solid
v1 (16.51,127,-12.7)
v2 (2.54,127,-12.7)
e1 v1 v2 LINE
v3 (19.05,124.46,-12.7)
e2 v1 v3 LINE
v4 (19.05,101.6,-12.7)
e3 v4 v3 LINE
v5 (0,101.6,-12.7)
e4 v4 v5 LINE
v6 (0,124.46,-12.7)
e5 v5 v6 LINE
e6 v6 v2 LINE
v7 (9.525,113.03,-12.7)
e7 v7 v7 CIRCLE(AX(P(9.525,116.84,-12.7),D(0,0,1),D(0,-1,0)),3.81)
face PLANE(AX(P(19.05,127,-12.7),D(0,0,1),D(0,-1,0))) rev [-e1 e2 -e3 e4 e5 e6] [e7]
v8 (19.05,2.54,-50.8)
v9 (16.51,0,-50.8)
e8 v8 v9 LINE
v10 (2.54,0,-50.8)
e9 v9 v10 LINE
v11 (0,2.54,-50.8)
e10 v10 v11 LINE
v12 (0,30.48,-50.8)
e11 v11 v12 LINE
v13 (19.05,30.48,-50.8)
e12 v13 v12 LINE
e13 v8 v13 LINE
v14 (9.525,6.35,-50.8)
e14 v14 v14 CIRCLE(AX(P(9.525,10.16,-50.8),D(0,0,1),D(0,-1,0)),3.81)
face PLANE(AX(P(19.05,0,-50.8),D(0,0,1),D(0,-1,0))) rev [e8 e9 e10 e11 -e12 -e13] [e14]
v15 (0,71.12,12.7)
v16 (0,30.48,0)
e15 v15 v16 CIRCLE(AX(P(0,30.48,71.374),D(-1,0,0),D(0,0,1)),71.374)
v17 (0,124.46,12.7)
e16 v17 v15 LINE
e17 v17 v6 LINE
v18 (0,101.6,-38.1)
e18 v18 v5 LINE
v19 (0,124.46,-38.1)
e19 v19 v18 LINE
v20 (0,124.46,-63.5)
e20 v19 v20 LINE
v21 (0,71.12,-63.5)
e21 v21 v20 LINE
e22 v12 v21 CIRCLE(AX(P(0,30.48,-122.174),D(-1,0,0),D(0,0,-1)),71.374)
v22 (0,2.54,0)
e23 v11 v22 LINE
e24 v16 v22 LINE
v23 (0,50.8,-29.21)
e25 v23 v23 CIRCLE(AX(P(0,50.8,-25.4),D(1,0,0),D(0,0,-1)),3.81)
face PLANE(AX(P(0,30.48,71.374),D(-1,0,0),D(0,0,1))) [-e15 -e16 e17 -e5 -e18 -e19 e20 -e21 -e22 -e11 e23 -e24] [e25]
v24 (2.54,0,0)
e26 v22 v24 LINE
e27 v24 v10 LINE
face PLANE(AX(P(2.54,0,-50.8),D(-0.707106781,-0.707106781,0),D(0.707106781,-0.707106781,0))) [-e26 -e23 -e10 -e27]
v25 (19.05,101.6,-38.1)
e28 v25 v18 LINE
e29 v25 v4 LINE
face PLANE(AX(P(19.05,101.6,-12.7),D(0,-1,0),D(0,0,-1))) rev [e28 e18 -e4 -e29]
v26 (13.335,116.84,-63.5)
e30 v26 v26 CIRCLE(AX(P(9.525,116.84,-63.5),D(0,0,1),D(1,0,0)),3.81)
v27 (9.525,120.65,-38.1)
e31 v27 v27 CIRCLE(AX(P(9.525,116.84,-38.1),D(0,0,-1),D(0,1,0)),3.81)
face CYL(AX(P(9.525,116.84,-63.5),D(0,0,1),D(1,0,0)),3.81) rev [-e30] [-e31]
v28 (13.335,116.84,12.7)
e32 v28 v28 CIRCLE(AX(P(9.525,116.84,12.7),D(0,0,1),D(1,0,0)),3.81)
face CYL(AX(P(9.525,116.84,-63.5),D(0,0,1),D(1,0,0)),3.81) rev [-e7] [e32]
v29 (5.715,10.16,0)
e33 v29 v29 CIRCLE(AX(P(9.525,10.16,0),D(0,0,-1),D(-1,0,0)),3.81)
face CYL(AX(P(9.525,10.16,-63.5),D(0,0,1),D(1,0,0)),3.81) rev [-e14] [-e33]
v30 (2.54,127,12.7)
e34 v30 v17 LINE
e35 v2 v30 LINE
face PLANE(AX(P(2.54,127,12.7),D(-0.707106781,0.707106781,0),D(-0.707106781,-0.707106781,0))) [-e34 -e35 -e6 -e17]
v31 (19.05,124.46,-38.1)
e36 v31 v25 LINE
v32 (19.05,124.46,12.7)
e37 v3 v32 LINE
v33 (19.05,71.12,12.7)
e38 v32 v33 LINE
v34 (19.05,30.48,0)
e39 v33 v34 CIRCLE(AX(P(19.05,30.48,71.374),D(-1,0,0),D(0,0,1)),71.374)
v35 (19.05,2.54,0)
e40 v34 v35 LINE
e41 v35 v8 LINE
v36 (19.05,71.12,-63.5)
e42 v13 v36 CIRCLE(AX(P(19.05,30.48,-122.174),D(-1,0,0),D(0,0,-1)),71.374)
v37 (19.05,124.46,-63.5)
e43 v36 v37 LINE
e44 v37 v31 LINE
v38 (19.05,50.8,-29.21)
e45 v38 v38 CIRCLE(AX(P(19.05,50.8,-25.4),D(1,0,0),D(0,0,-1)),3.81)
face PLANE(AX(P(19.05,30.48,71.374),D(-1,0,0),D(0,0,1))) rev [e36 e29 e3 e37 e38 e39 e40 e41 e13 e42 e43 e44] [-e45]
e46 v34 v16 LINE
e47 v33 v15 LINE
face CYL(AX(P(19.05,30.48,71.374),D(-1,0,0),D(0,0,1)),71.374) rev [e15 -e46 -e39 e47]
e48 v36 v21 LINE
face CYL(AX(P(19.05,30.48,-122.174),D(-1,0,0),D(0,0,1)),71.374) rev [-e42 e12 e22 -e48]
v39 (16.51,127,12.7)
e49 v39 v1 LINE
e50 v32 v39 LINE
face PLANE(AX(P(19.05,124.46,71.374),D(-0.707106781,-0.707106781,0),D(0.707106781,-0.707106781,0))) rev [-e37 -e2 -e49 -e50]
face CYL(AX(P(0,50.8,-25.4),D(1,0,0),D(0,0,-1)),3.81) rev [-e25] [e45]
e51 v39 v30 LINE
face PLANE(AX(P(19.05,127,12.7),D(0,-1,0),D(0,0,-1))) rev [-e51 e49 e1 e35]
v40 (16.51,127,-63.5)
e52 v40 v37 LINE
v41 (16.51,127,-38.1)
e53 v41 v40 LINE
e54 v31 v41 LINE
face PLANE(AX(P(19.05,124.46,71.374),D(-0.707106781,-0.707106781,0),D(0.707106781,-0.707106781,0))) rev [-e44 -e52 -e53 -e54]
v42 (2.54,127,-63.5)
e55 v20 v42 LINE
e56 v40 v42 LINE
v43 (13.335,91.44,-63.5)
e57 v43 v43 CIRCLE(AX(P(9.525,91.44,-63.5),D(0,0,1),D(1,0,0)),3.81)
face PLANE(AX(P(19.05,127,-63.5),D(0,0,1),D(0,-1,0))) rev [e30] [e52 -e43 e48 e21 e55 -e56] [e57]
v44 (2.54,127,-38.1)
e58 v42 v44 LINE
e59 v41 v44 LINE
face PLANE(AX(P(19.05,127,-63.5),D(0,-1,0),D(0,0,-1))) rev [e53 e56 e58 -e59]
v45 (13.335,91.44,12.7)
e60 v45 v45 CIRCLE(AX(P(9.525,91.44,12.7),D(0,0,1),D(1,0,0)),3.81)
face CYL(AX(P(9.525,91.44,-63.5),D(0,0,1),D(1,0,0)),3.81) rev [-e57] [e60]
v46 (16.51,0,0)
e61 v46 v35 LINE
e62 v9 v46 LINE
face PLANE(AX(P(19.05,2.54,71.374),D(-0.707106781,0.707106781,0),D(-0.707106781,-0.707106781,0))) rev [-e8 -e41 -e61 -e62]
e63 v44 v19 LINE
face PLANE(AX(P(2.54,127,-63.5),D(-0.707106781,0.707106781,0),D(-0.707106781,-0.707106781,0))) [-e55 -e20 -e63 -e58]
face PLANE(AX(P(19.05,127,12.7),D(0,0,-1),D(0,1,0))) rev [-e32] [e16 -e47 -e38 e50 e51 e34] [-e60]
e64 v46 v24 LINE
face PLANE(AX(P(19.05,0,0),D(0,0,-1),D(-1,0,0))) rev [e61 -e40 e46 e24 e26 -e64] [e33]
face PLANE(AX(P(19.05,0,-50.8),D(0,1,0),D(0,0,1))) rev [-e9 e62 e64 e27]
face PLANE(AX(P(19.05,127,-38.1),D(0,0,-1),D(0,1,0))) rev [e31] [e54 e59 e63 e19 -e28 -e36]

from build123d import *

# Parameters (mm, degrees)
BOSS_EXTRUDE1_DEPTH = 19.05
SKETCH2_R           = 3.81
CUT_EXTRUDE1_DEPTH  = 77.2
SKETCH3_R           = 3.81
CUT_EXTRUDE2_DEPTH  = 20.05
CHAMFER1_SIZE       = 2.54


with BuildPart() as part:
    # Sketch1 → Boss-Extrude1 (new body)
    with BuildSketch(Plane(origin=(0, 0, 0), x_dir=(0, 0, -1), z_dir=(1, 0, 0))):
        with BuildLine():
            Line((50.8, 0), (50.8, 30.48))
            ThreePointArc((50.8, 30.48), (54.048946048, 51.76907936), (63.5, 71.12))
            Line((63.5, 71.12), (63.5, 127))
            Line((63.5, 127), (38.1, 127))
            Line((38.1, 127), (38.1, 101.6))
            Line((38.1, 101.6), (12.7, 101.6))
            Line((12.7, 101.6), (12.7, 127))
            Line((12.7, 127), (-12.7, 127))
            Line((-12.7, 127), (-12.7, 71.12))
            ThreePointArc((-12.7, 71.12), (-3.248946048, 51.76907936), (0, 30.48))
            Line((0, 30.48), (0, 0))
            Line((0, 0), (50.8, 0))
        make_face()
    extrude(amount=BOSS_EXTRUDE1_DEPTH)

    # Sketch2 → Cut-Extrude1 (cut, through all)
    with BuildSketch(Plane.XY.offset(12.7)):
        with Locations((9.525, 116.84)):
            Circle(SKETCH2_R)
        with Locations((9.525, 91.44)):
            Circle(SKETCH2_R)
        with Locations((9.525, 10.16)):
            Circle(SKETCH2_R)
    extrude(amount=-CUT_EXTRUDE1_DEPTH, mode=Mode.SUBTRACT)

    # Sketch3 → Cut-Extrude2 (cut, through all)
    with BuildSketch(Plane(origin=(19.05, 0, 0), x_dir=(0, 0, -1), z_dir=(1, 0, 0))):
        with Locations((25.4, 50.8)):
            Circle(SKETCH3_R)
    extrude(amount=-CUT_EXTRUDE2_DEPTH, mode=Mode.SUBTRACT)

    # Chamfer1
    chamfer1_edges = [part.edges().sort_by_distance(p)[0] for p in [
        (0, 127, 0),
        (0, 127, -50.8),
        (0, 0, -25.4),
        (19.05, 127, -50.8),
        (19.05, 127, 0),
        (19.05, 0, -25.4),
    ]]
    chamfer(chamfer1_edges, length=CHAMFER1_SIZE)


solid = part.part
